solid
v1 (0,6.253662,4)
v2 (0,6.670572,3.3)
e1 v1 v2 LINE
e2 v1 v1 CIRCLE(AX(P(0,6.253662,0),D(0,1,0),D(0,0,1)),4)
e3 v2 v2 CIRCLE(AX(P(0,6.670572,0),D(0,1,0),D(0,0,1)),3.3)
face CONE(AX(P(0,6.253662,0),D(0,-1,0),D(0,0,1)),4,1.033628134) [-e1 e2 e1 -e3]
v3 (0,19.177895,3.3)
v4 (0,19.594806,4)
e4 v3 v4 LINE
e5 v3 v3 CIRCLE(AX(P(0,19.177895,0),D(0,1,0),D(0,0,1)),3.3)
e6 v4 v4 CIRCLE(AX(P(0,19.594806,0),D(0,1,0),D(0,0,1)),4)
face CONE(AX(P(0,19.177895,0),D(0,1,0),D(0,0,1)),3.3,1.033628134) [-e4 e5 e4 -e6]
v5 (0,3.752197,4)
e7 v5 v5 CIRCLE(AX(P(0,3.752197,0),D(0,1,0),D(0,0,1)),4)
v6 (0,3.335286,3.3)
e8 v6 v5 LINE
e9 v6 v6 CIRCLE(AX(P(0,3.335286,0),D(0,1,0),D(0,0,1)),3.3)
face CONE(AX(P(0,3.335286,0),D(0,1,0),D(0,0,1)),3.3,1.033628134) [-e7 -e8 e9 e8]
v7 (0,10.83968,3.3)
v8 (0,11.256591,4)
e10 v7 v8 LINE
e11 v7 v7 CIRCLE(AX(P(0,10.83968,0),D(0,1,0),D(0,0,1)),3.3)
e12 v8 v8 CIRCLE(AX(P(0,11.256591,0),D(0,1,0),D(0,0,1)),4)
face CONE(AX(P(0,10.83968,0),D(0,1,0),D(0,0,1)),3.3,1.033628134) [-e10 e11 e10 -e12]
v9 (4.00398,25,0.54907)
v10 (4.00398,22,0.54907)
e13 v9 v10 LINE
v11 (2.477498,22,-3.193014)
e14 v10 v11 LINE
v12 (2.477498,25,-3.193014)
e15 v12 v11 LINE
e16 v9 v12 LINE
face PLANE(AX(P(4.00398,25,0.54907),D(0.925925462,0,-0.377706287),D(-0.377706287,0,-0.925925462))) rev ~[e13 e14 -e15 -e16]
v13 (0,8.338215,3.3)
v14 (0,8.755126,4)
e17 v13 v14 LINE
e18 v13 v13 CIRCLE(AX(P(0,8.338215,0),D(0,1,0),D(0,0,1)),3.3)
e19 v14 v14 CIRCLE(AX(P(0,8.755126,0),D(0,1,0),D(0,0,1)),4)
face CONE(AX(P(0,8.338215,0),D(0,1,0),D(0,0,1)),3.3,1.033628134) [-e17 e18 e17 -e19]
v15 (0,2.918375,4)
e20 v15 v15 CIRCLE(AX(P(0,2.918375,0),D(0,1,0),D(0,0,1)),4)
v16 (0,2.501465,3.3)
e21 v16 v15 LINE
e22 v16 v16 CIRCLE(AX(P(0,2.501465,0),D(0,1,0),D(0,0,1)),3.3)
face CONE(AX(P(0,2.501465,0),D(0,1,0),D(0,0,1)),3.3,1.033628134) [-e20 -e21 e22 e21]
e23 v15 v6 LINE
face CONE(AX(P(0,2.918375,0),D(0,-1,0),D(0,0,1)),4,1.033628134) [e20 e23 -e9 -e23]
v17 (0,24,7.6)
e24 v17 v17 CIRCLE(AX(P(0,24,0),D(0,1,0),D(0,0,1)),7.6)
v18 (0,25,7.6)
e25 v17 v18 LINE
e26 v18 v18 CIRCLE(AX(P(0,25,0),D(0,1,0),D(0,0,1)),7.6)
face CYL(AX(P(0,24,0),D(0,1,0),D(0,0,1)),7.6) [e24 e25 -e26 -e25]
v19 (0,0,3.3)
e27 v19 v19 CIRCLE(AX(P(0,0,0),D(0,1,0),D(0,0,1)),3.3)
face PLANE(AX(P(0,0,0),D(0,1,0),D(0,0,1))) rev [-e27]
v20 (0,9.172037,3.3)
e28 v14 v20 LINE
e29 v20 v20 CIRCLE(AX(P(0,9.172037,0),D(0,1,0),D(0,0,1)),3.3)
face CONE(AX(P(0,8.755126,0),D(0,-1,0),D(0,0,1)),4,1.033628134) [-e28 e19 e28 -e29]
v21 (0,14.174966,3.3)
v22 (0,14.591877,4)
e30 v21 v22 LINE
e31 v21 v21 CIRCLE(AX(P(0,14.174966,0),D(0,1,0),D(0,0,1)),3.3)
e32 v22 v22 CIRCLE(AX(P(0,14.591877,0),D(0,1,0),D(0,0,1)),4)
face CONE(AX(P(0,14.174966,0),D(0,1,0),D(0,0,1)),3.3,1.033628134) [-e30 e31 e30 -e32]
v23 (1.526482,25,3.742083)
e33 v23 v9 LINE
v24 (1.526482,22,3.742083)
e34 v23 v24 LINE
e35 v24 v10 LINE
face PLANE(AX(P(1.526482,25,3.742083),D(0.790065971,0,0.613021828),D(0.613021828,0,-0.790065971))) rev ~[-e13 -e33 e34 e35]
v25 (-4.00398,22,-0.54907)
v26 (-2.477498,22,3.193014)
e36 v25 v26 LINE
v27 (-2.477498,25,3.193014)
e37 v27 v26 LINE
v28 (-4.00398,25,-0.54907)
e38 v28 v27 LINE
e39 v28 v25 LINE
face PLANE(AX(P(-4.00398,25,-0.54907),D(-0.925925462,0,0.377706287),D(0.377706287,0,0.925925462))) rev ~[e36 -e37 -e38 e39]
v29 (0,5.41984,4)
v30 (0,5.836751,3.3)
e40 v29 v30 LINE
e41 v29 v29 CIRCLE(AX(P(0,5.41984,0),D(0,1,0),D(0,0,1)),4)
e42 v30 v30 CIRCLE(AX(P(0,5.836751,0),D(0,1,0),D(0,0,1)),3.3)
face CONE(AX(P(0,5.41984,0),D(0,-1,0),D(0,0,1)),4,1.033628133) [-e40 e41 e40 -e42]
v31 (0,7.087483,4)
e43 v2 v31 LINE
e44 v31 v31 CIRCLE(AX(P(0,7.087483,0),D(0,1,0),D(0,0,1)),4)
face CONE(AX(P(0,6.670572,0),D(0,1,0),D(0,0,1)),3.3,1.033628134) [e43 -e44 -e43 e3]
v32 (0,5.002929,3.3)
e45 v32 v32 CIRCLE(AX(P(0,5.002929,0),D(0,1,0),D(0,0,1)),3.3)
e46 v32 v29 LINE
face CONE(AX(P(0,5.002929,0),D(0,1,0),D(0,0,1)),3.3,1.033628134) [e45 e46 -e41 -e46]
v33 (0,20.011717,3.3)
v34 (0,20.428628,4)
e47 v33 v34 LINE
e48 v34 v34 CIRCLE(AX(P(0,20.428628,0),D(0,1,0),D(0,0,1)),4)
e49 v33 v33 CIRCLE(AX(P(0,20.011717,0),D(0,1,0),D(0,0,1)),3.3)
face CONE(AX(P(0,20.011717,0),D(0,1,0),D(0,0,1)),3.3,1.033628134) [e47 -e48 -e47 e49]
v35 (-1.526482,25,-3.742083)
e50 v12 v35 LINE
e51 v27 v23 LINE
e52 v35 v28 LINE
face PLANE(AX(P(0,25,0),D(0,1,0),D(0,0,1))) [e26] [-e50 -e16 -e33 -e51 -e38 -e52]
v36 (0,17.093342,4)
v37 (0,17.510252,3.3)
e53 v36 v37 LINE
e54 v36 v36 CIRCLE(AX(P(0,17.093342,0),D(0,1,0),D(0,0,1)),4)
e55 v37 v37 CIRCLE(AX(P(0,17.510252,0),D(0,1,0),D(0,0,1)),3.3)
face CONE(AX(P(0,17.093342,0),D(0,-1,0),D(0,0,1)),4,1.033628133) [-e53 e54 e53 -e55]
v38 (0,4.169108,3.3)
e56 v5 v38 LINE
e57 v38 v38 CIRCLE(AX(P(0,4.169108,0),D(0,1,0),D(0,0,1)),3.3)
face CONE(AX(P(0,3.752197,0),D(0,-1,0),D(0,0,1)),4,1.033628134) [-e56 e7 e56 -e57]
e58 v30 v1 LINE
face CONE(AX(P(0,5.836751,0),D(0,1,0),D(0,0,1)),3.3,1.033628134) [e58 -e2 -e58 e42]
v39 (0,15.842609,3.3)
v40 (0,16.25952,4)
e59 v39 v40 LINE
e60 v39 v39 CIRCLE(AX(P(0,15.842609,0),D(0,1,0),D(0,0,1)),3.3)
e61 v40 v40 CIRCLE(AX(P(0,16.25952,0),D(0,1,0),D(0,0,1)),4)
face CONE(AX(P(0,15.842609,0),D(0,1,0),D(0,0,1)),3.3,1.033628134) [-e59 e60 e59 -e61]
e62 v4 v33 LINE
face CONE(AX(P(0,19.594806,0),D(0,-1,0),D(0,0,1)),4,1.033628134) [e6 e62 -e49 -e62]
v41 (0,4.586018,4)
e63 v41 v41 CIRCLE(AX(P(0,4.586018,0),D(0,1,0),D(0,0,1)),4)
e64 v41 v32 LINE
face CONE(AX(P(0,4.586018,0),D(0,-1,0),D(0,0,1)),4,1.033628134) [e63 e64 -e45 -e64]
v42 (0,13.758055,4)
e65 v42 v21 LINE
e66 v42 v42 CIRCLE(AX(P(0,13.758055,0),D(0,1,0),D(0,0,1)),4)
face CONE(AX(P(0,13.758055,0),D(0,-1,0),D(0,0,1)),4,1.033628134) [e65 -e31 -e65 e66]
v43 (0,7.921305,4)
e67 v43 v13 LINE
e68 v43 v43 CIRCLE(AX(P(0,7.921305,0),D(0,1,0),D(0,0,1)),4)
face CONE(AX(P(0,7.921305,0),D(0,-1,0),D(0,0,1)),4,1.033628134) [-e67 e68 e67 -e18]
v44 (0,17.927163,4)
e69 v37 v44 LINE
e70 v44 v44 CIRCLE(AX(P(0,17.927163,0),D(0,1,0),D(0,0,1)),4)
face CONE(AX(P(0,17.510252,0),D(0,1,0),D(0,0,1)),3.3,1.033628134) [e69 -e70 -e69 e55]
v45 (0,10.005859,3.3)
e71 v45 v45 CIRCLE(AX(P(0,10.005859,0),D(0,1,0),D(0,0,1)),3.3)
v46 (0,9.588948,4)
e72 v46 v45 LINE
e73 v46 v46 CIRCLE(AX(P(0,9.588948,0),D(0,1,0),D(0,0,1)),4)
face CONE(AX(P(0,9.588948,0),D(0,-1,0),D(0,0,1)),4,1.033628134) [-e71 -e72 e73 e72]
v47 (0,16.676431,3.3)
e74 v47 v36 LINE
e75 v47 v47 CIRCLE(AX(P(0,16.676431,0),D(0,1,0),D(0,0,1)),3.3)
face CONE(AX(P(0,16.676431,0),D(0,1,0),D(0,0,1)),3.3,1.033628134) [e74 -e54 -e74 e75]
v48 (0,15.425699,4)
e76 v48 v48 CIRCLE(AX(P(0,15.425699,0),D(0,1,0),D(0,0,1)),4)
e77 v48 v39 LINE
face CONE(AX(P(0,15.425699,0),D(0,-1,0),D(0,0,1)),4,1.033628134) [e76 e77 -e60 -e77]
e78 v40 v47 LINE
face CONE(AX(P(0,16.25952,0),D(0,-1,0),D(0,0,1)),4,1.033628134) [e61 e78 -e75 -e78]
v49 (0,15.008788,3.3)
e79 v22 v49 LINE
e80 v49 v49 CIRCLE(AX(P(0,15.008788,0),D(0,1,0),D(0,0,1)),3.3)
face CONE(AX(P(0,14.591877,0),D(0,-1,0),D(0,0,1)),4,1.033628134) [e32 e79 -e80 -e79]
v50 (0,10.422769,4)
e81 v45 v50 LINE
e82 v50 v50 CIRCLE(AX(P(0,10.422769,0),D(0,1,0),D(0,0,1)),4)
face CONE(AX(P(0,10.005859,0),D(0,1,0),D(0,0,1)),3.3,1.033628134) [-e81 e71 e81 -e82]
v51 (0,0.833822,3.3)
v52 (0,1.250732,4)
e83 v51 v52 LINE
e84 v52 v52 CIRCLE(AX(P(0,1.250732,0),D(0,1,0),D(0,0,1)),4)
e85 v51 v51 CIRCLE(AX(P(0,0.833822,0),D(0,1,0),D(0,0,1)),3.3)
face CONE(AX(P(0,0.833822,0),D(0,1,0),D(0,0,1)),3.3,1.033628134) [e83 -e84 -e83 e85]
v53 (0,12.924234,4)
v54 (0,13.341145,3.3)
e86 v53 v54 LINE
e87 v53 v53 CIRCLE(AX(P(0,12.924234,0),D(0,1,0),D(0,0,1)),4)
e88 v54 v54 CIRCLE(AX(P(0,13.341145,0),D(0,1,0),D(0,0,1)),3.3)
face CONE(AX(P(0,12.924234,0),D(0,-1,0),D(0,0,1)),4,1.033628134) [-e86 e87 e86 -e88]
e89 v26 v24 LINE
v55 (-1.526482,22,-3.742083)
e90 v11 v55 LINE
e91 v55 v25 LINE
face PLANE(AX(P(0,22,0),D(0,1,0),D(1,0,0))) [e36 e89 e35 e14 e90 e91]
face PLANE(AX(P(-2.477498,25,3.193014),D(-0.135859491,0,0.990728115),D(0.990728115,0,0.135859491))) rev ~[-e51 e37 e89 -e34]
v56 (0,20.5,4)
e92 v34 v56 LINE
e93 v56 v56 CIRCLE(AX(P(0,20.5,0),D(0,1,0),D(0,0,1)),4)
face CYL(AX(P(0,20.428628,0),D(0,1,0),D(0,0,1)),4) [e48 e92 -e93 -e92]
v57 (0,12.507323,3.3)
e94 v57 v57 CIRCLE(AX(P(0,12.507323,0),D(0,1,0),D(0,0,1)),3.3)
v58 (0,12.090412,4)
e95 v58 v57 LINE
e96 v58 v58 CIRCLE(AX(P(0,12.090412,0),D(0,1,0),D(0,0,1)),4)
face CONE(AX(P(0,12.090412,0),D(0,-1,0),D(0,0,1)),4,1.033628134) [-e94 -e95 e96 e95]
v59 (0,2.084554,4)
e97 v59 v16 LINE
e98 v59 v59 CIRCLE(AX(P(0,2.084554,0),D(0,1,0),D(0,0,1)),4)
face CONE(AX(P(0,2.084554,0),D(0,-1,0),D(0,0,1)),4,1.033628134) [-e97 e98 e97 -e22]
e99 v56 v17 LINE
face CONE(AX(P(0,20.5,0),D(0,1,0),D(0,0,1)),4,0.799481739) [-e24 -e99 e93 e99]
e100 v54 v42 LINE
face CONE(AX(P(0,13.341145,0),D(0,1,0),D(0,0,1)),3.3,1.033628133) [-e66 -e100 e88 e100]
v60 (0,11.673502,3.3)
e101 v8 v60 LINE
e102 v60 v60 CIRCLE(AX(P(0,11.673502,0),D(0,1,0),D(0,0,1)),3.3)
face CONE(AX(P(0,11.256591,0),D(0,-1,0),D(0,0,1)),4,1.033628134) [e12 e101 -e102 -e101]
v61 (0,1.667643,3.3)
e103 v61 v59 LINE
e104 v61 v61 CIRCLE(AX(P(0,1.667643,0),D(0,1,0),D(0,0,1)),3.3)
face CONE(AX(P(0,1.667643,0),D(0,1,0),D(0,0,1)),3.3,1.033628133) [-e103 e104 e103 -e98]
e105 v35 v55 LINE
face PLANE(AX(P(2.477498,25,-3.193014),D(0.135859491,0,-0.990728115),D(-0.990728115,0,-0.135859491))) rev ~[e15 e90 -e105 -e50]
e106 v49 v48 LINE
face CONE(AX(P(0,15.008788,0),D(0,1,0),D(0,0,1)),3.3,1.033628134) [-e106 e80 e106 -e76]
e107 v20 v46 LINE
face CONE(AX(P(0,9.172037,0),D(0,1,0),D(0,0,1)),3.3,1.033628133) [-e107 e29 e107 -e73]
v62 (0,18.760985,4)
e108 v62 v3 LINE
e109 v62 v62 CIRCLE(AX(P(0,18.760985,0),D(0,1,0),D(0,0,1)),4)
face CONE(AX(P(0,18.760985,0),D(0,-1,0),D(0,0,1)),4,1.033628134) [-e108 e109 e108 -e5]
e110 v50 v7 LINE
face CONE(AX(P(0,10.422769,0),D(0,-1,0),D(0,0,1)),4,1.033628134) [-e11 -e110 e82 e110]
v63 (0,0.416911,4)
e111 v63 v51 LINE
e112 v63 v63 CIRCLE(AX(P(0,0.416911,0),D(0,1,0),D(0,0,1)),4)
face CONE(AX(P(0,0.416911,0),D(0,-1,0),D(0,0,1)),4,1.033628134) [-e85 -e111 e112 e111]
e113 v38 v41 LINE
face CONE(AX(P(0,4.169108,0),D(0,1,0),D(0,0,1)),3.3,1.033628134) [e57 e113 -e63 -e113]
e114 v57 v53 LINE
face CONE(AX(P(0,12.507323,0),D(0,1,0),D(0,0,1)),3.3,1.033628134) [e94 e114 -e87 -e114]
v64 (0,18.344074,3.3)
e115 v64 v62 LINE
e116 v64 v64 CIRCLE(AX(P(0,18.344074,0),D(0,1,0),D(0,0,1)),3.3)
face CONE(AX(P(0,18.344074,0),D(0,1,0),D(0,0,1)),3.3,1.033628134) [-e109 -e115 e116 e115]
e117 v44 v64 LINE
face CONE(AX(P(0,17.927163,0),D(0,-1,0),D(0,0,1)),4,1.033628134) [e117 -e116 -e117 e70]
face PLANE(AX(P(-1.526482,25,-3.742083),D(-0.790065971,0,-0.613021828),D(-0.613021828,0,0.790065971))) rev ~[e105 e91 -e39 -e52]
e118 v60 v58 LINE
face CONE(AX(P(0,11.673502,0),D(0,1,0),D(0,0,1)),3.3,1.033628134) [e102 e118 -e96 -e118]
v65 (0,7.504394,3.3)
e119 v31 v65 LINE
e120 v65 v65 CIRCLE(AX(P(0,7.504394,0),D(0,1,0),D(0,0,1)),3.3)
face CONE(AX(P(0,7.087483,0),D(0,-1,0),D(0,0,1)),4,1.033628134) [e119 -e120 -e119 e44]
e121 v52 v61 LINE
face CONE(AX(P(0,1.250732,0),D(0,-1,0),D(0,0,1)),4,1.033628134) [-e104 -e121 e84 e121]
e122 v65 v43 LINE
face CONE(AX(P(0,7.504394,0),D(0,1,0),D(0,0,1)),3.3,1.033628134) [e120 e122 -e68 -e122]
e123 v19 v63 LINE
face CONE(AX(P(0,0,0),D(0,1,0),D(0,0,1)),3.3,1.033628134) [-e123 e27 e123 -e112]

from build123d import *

# Parameters (mm, degrees)
CUT_EXTRUDE_1_DEPTH = 3


with BuildPart() as part:
    # 草图1 → 旋转1 (revolve)
    with BuildSketch(Plane.XY, mode=Mode.PRIVATE) as revolve_1_sk:
        Polygon((7.6, 25), (0, 25), (0, 0), (3.3, 0), (4, 0.416910771), (3.3, 0.833821542), (4, 1.250732313), (3.3, 1.667643084), (4, 2.084553856), (3.3, 2.501464627), (4, 2.918375398), (3.3, 3.335286169), (4, 3.75219694), (3.3, 4.169107711), (4, 4.586018482), (3.3, 5.002929253), (4, 5.419840024), (3.3, 5.836750796), (4, 6.253661567), (3.3, 6.670572338), (4, 7.087483109), (3.3, 7.50439388), (4, 7.921304651), (3.3, 8.338215422), (4, 8.755126193), (3.3, 9.172036964), (4, 9.588947736), (3.3, 10.005858507), (4, 10.422769278), (3.3, 10.839680049), (4, 11.25659082), (3.3, 11.673501591), (4, 12.090412362), (3.3, 12.507323133), (4, 12.924233904), (3.3, 13.341144675), (4, 13.758055447), (3.3, 14.174966218), (4, 14.591876989), (3.3, 15.00878776), (4, 15.425698531), (3.3, 15.842609302), (4, 16.259520073), (3.3, 16.676430844), (4, 17.093341615), (3.3, 17.510252387), (4, 17.927163158), (3.3, 18.344073929), (4, 18.7609847), (3.3, 19.177895471), (4, 19.594806242), (3.3, 20.011717013), (4, 20.428627784), (4, 20.5), (7.6, 24), align=None)
    revolve(revolve_1_sk.sketch.rotate(Axis((0, 20.5, 0), (0, 1, 0)), 270), axis=Axis((0, 20.5, 0), (0, 1, 0)))

    # 草图3 → 切除-拉伸1 (cut)
    with BuildSketch(Plane(origin=(0, 25, 0), x_dir=(1, 0, 0), z_dir=(0, 1, 0))):
        Polygon((4.003980009, -0.549069595), (2.477498223, 3.193013606), (-1.526481787, 3.742083202), (-4.003980009, 0.549069595), (-2.477498223, -3.193013606), (1.526481787, -3.742083202), align=None)
    extrude(amount=-CUT_EXTRUDE_1_DEPTH, mode=Mode.SUBTRACT)


solid = part.part
